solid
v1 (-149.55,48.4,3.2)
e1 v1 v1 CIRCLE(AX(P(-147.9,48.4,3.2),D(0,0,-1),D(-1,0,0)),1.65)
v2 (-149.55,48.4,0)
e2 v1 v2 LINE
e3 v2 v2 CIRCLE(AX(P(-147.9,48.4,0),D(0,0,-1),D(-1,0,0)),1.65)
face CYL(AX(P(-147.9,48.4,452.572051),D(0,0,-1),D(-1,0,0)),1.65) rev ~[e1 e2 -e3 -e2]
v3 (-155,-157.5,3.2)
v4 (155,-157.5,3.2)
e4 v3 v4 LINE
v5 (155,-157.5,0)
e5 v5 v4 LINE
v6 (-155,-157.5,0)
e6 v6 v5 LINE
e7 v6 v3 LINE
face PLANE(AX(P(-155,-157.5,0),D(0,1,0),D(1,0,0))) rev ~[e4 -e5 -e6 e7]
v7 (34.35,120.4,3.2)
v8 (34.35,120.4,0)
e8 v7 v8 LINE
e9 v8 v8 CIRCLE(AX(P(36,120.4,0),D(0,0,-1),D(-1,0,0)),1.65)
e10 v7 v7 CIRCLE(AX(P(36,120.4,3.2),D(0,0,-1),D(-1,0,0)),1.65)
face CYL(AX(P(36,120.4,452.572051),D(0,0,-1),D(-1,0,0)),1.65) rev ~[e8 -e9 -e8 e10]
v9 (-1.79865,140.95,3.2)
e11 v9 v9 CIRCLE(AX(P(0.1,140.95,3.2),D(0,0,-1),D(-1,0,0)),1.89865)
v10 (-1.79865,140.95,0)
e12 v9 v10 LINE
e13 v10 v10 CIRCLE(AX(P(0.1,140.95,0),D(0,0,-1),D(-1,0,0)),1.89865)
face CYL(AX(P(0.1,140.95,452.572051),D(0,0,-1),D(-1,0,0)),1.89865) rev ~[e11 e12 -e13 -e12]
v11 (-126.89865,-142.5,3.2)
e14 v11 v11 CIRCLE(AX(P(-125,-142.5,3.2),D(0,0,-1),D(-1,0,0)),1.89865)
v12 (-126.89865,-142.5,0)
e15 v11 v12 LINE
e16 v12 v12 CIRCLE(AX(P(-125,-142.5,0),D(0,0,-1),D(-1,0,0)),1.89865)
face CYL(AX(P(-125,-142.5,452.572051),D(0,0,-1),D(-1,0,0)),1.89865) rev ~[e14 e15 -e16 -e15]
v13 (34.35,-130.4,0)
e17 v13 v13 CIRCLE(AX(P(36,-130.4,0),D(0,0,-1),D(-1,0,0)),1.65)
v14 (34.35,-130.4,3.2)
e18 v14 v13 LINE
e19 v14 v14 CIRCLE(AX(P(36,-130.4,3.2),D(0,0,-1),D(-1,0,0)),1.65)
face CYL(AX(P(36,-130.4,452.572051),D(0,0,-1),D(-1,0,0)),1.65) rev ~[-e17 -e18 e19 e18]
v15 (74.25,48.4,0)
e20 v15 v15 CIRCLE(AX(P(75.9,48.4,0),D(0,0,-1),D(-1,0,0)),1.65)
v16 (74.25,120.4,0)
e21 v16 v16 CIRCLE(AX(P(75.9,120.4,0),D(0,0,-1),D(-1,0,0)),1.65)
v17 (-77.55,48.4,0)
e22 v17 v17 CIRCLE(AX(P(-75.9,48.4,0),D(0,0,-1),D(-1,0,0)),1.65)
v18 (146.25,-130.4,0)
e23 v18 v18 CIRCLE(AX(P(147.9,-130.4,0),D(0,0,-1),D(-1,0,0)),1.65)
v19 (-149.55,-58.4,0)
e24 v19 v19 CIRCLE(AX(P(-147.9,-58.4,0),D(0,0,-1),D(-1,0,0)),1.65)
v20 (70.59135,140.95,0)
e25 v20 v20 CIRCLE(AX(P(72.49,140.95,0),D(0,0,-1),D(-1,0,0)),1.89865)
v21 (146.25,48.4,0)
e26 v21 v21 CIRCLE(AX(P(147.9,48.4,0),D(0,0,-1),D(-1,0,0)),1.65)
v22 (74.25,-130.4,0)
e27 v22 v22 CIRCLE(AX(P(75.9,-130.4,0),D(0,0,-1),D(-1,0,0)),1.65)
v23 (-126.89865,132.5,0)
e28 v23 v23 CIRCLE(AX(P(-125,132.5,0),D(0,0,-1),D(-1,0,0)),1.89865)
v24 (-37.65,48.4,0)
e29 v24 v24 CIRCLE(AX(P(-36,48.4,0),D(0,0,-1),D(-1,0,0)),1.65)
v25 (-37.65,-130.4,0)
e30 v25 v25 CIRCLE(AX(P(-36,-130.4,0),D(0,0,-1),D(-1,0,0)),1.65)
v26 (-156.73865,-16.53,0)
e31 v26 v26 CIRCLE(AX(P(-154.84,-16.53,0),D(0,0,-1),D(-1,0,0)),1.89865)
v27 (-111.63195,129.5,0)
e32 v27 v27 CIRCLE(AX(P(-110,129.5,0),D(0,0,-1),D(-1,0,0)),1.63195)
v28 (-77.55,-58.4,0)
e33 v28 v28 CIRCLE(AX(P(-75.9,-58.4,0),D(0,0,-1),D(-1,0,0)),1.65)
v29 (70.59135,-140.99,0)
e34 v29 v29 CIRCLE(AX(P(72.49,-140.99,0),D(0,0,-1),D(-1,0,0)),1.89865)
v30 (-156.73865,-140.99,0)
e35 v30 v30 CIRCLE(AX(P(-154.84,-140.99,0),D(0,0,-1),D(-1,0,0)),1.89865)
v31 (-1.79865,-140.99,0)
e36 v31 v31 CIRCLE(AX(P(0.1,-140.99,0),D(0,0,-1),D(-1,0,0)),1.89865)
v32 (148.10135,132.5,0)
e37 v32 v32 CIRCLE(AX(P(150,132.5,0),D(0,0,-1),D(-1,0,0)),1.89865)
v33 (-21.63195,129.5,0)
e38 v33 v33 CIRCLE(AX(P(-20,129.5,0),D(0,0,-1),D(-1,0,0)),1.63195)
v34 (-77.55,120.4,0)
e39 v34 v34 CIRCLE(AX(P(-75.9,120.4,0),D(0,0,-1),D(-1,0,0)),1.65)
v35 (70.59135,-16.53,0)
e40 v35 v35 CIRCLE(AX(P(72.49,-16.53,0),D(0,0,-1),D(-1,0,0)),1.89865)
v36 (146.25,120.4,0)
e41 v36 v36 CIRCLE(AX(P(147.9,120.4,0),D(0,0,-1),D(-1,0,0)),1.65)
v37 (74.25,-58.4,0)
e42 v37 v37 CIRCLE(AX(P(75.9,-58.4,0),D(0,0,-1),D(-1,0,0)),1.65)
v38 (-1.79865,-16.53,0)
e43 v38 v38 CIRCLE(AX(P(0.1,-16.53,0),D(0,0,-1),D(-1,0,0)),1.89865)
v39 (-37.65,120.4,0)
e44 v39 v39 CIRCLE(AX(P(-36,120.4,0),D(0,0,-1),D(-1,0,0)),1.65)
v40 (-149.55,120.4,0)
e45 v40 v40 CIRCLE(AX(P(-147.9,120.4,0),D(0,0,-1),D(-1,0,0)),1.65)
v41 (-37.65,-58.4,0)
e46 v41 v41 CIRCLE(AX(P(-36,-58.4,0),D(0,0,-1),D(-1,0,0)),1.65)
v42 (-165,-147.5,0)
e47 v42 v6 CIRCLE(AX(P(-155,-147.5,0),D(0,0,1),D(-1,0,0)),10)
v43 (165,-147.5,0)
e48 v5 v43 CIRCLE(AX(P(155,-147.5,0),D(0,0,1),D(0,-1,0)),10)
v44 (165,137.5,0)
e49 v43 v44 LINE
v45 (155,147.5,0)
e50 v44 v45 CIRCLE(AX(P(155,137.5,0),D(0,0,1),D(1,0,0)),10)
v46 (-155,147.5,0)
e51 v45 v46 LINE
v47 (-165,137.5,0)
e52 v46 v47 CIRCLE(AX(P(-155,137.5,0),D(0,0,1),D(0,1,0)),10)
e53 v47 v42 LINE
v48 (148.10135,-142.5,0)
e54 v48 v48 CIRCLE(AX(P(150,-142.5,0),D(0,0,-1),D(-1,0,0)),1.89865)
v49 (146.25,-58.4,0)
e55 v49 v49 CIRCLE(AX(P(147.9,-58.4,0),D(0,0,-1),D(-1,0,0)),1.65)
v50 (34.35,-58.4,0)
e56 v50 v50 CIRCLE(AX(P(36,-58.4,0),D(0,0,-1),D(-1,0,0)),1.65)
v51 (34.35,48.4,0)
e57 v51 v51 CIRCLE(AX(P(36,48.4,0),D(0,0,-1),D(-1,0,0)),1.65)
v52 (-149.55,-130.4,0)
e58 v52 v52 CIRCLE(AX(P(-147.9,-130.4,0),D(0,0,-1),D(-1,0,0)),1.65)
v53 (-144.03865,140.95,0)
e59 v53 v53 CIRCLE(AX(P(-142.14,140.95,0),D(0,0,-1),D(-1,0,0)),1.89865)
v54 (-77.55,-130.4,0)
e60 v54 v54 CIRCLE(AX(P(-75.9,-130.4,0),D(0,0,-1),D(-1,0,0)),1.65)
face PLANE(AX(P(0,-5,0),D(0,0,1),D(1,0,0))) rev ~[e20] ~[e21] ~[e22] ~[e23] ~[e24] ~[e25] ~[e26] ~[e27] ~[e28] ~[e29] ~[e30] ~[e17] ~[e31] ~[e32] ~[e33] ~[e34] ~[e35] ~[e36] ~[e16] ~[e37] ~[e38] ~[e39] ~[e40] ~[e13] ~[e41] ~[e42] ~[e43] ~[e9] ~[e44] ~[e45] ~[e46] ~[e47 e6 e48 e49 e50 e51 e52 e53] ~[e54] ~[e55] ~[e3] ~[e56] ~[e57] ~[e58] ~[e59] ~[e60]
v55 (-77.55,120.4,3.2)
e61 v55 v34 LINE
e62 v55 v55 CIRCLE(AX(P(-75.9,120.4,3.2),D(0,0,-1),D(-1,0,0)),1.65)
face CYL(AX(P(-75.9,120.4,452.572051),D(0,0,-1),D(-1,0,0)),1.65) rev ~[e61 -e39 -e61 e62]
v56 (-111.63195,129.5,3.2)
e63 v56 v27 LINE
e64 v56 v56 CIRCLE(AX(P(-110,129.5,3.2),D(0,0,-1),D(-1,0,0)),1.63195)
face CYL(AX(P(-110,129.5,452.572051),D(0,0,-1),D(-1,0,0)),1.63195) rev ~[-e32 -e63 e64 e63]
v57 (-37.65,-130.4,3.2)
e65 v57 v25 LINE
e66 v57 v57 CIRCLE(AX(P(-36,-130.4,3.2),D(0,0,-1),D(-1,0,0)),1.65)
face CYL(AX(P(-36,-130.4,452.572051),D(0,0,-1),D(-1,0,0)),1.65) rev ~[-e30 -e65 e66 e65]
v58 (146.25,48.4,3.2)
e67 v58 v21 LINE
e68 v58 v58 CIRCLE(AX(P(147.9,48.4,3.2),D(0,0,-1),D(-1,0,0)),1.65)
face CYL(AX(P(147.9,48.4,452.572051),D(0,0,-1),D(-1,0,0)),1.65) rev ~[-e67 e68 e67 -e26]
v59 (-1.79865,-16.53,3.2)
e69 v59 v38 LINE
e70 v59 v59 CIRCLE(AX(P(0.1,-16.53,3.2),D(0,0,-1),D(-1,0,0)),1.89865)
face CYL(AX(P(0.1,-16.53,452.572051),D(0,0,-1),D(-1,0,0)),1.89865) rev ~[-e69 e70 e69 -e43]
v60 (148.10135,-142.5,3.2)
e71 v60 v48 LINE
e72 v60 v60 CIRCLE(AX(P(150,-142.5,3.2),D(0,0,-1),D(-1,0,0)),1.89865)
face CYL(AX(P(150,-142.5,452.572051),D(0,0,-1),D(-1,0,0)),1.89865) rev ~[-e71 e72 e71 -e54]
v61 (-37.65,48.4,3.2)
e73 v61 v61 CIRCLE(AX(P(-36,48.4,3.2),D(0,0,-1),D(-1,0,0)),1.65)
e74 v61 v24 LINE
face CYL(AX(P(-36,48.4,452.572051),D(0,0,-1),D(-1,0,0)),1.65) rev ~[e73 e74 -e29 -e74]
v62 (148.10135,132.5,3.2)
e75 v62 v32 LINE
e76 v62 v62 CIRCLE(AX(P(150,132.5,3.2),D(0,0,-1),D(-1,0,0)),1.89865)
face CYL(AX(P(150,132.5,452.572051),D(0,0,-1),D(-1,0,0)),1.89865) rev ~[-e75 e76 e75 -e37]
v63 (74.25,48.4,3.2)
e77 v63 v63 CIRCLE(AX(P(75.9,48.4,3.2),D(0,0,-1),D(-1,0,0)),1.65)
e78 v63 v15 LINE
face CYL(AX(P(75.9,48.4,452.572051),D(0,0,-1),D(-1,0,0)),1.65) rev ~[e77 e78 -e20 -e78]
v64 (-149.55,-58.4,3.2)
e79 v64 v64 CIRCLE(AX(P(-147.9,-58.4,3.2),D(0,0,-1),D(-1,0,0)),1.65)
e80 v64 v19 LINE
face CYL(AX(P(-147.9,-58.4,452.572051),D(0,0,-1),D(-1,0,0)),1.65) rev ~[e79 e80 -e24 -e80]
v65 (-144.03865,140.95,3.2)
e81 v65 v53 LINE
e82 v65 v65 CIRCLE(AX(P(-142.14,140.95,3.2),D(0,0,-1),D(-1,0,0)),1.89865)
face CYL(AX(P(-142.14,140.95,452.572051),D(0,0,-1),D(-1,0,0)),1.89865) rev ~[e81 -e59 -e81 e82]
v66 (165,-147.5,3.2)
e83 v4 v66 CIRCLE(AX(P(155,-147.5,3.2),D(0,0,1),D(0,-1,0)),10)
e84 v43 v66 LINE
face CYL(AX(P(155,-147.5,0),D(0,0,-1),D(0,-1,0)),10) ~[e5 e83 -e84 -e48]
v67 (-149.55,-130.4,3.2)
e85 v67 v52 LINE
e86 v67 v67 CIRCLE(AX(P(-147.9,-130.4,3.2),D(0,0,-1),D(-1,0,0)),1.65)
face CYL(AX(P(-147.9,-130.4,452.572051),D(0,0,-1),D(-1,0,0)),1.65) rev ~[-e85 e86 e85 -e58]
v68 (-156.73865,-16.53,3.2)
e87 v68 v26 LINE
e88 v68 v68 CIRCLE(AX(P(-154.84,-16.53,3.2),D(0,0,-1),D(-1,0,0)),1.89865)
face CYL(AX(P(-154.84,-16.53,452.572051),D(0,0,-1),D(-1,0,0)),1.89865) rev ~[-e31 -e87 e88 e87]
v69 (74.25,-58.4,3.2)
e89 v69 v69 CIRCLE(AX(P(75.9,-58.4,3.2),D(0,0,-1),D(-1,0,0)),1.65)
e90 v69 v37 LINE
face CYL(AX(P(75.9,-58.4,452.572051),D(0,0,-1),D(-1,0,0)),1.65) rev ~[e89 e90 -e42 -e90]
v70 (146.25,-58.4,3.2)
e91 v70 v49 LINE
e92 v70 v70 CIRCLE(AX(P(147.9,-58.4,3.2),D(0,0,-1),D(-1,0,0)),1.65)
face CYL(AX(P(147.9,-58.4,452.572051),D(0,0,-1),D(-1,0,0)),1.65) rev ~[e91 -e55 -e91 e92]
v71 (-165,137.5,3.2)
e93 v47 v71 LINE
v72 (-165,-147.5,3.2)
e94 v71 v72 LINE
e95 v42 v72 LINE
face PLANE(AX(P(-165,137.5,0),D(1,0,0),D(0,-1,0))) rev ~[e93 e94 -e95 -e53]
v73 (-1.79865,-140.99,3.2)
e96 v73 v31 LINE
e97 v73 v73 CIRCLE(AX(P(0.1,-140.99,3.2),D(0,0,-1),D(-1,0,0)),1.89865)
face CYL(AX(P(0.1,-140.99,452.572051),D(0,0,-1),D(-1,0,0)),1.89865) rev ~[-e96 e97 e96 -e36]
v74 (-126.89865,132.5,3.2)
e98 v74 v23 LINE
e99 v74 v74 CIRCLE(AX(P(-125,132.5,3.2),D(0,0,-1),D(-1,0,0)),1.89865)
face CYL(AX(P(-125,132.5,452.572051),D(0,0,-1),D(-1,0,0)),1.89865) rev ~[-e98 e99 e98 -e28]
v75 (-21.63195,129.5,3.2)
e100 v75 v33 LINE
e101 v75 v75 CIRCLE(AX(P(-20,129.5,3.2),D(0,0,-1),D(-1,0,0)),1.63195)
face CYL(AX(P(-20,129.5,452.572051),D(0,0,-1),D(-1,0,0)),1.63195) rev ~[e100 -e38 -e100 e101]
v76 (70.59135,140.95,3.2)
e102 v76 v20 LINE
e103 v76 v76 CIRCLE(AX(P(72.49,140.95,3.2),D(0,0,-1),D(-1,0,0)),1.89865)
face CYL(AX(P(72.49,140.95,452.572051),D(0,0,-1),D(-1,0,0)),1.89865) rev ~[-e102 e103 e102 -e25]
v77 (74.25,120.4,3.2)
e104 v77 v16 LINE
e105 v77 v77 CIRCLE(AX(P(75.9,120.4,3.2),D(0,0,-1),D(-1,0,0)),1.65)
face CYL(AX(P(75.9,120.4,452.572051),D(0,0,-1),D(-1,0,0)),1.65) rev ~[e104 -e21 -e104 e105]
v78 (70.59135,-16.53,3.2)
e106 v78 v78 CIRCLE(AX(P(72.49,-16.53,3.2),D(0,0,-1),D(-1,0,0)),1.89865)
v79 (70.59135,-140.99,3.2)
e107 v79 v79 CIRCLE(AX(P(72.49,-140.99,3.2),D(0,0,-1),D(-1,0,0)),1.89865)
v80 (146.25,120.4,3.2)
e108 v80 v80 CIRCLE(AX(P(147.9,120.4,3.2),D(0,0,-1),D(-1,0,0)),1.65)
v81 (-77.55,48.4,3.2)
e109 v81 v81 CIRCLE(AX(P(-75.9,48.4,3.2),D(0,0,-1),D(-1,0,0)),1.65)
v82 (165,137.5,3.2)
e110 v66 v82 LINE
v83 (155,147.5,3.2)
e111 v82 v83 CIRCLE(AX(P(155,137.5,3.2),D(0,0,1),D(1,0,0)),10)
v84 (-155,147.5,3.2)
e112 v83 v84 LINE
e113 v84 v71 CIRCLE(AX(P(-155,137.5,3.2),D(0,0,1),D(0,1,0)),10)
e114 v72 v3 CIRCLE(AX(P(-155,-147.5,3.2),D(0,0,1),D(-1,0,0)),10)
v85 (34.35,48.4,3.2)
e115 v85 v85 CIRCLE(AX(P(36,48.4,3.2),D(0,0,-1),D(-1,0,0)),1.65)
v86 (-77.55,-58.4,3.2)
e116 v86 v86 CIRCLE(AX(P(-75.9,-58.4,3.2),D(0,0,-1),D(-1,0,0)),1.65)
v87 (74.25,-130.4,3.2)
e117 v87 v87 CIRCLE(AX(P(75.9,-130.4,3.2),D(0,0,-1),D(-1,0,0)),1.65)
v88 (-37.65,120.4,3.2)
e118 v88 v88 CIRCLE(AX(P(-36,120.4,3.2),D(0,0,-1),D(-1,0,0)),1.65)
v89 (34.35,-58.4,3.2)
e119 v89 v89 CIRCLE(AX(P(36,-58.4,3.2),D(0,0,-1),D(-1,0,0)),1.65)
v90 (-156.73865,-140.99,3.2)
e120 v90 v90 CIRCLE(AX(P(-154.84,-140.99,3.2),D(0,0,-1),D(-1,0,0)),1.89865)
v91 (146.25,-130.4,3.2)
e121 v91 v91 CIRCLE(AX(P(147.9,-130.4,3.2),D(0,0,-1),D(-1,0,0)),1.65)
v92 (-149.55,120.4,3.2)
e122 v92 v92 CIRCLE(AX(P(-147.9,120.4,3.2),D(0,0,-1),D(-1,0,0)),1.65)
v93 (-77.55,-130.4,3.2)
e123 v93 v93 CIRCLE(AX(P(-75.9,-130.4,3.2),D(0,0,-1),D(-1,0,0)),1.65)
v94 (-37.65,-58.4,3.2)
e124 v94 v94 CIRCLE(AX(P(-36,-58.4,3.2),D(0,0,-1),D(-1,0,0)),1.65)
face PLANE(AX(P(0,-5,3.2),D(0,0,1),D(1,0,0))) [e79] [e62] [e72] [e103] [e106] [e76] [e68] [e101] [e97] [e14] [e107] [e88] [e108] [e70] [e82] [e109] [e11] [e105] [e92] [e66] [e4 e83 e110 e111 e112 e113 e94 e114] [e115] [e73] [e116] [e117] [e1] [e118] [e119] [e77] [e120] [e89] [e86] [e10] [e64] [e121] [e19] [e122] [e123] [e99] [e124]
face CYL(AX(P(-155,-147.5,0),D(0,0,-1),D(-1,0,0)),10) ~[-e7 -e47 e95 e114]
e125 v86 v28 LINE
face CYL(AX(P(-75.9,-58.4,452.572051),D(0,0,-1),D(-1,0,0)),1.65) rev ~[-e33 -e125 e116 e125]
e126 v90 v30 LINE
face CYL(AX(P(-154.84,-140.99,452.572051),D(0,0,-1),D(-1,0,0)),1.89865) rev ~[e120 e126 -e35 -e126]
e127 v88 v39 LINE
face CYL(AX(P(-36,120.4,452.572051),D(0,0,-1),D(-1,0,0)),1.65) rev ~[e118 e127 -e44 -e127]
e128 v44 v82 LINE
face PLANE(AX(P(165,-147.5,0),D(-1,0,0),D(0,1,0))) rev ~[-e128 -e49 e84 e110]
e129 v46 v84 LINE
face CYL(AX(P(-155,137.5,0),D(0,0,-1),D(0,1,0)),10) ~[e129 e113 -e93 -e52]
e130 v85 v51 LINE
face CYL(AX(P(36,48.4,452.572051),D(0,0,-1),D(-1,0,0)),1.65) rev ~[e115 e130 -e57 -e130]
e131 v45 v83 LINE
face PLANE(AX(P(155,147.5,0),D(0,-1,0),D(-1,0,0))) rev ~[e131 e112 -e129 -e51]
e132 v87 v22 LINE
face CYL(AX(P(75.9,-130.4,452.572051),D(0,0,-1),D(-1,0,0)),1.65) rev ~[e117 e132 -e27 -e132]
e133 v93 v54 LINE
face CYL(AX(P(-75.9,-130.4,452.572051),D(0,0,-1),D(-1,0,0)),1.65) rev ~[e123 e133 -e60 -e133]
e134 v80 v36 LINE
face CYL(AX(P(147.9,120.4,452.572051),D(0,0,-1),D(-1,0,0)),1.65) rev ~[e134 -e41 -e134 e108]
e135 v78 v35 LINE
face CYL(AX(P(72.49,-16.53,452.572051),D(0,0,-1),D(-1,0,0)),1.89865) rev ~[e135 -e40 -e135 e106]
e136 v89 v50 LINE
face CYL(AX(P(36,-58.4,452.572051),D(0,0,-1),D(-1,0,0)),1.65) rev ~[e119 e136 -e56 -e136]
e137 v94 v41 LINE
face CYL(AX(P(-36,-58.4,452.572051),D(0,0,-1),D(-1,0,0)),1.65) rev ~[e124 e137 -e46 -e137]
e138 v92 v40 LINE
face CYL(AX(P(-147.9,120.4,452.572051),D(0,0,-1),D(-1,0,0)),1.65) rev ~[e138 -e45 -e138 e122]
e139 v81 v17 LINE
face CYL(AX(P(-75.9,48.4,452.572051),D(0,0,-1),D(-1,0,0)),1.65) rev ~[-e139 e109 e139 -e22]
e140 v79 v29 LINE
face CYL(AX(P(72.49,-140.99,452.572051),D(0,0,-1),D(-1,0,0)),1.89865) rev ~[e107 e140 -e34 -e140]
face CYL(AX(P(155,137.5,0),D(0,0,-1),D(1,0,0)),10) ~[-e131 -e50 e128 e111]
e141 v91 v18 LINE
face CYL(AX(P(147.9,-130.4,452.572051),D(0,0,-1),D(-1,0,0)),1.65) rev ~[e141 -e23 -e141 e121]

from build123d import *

# Parameters (mm, degrees)
F1_DEPTH = 3.2
F3_D     = 3.7973
F5_D     = 3.7973
F7_D     = 3.3
F9_D     = 3.2639


with BuildPart() as f1:
    # F0 (on Top) → F1 (new body)
    with BuildSketch(Plane.XY):
        with BuildLine():
            ThreePointArc((165, 137.5), (162.0710678119, 144.5710678119), (155, 147.5))
            Line((155, 147.5), (-155, 147.5))
            ThreePointArc((-155, 147.5), (-162.0710678119, 144.5710678119), (-165, 137.5))
            Line((-165, 137.5), (-165, -147.5))
            ThreePointArc((-165, -147.5), (-162.0710678119, -154.5710678119), (-155, -157.5))
            Line((-155, -157.5), (155, -157.5))
            ThreePointArc((155, -157.5), (162.0710678119, -154.5710678119), (165, -147.5))
            Line((165, -147.5), (165, 137.5))
        make_face()
    extrude(amount=F1_DEPTH)

    # F3 (through all)
    with Locations(Plane.XY.offset(3.2)):
        with Locations((-125, 132.5), (150, 132.5), (150, -142.5), (-125, -142.5)):
            Hole(F3_D / 2)

    # F5 (through all)
    with Locations(Plane.XY.offset(3.2)):
        with Locations((-142.14, 140.95), (0.1, 140.95), (72.49, 140.95), (-154.84, -16.53), (0.1, -16.53), (72.49, -16.53), (72.49, -140.99), (0.1, -140.99), (-154.84, -140.99)):
            Hole(F5_D / 2)

    # F7 (through all)
    with Locations(Plane.XY.offset(3.2)):
        with Locations((-147.9, 120.4), (-75.9, 120.4), (-147.9, 48.4), (-75.9, 48.4), (-36, 120.4), (36, 120.4), (-36, 48.4), (36, 48.4), (75.9, 120.4), (147.9, 120.4), (75.9, 48.4), (147.9, 48.4), (-147.9, -130.4), (-147.9, -58.4), (-75.9, -58.4), (-75.9, -130.4), (-36, -58.4), (36, -58.4), (-36, -130.4), (36, -130.4), (75.9, -58.4), (147.9, -58.4), (75.9, -130.4), (147.9, -130.4)):
            Hole(F7_D / 2)

    # F9 (through all)
    with Locations(Plane.XY.offset(3.2)):
        with Locations((-110, 129.5), (-20, 129.5)):
            Hole(F9_D / 2)


solid = f1.part
